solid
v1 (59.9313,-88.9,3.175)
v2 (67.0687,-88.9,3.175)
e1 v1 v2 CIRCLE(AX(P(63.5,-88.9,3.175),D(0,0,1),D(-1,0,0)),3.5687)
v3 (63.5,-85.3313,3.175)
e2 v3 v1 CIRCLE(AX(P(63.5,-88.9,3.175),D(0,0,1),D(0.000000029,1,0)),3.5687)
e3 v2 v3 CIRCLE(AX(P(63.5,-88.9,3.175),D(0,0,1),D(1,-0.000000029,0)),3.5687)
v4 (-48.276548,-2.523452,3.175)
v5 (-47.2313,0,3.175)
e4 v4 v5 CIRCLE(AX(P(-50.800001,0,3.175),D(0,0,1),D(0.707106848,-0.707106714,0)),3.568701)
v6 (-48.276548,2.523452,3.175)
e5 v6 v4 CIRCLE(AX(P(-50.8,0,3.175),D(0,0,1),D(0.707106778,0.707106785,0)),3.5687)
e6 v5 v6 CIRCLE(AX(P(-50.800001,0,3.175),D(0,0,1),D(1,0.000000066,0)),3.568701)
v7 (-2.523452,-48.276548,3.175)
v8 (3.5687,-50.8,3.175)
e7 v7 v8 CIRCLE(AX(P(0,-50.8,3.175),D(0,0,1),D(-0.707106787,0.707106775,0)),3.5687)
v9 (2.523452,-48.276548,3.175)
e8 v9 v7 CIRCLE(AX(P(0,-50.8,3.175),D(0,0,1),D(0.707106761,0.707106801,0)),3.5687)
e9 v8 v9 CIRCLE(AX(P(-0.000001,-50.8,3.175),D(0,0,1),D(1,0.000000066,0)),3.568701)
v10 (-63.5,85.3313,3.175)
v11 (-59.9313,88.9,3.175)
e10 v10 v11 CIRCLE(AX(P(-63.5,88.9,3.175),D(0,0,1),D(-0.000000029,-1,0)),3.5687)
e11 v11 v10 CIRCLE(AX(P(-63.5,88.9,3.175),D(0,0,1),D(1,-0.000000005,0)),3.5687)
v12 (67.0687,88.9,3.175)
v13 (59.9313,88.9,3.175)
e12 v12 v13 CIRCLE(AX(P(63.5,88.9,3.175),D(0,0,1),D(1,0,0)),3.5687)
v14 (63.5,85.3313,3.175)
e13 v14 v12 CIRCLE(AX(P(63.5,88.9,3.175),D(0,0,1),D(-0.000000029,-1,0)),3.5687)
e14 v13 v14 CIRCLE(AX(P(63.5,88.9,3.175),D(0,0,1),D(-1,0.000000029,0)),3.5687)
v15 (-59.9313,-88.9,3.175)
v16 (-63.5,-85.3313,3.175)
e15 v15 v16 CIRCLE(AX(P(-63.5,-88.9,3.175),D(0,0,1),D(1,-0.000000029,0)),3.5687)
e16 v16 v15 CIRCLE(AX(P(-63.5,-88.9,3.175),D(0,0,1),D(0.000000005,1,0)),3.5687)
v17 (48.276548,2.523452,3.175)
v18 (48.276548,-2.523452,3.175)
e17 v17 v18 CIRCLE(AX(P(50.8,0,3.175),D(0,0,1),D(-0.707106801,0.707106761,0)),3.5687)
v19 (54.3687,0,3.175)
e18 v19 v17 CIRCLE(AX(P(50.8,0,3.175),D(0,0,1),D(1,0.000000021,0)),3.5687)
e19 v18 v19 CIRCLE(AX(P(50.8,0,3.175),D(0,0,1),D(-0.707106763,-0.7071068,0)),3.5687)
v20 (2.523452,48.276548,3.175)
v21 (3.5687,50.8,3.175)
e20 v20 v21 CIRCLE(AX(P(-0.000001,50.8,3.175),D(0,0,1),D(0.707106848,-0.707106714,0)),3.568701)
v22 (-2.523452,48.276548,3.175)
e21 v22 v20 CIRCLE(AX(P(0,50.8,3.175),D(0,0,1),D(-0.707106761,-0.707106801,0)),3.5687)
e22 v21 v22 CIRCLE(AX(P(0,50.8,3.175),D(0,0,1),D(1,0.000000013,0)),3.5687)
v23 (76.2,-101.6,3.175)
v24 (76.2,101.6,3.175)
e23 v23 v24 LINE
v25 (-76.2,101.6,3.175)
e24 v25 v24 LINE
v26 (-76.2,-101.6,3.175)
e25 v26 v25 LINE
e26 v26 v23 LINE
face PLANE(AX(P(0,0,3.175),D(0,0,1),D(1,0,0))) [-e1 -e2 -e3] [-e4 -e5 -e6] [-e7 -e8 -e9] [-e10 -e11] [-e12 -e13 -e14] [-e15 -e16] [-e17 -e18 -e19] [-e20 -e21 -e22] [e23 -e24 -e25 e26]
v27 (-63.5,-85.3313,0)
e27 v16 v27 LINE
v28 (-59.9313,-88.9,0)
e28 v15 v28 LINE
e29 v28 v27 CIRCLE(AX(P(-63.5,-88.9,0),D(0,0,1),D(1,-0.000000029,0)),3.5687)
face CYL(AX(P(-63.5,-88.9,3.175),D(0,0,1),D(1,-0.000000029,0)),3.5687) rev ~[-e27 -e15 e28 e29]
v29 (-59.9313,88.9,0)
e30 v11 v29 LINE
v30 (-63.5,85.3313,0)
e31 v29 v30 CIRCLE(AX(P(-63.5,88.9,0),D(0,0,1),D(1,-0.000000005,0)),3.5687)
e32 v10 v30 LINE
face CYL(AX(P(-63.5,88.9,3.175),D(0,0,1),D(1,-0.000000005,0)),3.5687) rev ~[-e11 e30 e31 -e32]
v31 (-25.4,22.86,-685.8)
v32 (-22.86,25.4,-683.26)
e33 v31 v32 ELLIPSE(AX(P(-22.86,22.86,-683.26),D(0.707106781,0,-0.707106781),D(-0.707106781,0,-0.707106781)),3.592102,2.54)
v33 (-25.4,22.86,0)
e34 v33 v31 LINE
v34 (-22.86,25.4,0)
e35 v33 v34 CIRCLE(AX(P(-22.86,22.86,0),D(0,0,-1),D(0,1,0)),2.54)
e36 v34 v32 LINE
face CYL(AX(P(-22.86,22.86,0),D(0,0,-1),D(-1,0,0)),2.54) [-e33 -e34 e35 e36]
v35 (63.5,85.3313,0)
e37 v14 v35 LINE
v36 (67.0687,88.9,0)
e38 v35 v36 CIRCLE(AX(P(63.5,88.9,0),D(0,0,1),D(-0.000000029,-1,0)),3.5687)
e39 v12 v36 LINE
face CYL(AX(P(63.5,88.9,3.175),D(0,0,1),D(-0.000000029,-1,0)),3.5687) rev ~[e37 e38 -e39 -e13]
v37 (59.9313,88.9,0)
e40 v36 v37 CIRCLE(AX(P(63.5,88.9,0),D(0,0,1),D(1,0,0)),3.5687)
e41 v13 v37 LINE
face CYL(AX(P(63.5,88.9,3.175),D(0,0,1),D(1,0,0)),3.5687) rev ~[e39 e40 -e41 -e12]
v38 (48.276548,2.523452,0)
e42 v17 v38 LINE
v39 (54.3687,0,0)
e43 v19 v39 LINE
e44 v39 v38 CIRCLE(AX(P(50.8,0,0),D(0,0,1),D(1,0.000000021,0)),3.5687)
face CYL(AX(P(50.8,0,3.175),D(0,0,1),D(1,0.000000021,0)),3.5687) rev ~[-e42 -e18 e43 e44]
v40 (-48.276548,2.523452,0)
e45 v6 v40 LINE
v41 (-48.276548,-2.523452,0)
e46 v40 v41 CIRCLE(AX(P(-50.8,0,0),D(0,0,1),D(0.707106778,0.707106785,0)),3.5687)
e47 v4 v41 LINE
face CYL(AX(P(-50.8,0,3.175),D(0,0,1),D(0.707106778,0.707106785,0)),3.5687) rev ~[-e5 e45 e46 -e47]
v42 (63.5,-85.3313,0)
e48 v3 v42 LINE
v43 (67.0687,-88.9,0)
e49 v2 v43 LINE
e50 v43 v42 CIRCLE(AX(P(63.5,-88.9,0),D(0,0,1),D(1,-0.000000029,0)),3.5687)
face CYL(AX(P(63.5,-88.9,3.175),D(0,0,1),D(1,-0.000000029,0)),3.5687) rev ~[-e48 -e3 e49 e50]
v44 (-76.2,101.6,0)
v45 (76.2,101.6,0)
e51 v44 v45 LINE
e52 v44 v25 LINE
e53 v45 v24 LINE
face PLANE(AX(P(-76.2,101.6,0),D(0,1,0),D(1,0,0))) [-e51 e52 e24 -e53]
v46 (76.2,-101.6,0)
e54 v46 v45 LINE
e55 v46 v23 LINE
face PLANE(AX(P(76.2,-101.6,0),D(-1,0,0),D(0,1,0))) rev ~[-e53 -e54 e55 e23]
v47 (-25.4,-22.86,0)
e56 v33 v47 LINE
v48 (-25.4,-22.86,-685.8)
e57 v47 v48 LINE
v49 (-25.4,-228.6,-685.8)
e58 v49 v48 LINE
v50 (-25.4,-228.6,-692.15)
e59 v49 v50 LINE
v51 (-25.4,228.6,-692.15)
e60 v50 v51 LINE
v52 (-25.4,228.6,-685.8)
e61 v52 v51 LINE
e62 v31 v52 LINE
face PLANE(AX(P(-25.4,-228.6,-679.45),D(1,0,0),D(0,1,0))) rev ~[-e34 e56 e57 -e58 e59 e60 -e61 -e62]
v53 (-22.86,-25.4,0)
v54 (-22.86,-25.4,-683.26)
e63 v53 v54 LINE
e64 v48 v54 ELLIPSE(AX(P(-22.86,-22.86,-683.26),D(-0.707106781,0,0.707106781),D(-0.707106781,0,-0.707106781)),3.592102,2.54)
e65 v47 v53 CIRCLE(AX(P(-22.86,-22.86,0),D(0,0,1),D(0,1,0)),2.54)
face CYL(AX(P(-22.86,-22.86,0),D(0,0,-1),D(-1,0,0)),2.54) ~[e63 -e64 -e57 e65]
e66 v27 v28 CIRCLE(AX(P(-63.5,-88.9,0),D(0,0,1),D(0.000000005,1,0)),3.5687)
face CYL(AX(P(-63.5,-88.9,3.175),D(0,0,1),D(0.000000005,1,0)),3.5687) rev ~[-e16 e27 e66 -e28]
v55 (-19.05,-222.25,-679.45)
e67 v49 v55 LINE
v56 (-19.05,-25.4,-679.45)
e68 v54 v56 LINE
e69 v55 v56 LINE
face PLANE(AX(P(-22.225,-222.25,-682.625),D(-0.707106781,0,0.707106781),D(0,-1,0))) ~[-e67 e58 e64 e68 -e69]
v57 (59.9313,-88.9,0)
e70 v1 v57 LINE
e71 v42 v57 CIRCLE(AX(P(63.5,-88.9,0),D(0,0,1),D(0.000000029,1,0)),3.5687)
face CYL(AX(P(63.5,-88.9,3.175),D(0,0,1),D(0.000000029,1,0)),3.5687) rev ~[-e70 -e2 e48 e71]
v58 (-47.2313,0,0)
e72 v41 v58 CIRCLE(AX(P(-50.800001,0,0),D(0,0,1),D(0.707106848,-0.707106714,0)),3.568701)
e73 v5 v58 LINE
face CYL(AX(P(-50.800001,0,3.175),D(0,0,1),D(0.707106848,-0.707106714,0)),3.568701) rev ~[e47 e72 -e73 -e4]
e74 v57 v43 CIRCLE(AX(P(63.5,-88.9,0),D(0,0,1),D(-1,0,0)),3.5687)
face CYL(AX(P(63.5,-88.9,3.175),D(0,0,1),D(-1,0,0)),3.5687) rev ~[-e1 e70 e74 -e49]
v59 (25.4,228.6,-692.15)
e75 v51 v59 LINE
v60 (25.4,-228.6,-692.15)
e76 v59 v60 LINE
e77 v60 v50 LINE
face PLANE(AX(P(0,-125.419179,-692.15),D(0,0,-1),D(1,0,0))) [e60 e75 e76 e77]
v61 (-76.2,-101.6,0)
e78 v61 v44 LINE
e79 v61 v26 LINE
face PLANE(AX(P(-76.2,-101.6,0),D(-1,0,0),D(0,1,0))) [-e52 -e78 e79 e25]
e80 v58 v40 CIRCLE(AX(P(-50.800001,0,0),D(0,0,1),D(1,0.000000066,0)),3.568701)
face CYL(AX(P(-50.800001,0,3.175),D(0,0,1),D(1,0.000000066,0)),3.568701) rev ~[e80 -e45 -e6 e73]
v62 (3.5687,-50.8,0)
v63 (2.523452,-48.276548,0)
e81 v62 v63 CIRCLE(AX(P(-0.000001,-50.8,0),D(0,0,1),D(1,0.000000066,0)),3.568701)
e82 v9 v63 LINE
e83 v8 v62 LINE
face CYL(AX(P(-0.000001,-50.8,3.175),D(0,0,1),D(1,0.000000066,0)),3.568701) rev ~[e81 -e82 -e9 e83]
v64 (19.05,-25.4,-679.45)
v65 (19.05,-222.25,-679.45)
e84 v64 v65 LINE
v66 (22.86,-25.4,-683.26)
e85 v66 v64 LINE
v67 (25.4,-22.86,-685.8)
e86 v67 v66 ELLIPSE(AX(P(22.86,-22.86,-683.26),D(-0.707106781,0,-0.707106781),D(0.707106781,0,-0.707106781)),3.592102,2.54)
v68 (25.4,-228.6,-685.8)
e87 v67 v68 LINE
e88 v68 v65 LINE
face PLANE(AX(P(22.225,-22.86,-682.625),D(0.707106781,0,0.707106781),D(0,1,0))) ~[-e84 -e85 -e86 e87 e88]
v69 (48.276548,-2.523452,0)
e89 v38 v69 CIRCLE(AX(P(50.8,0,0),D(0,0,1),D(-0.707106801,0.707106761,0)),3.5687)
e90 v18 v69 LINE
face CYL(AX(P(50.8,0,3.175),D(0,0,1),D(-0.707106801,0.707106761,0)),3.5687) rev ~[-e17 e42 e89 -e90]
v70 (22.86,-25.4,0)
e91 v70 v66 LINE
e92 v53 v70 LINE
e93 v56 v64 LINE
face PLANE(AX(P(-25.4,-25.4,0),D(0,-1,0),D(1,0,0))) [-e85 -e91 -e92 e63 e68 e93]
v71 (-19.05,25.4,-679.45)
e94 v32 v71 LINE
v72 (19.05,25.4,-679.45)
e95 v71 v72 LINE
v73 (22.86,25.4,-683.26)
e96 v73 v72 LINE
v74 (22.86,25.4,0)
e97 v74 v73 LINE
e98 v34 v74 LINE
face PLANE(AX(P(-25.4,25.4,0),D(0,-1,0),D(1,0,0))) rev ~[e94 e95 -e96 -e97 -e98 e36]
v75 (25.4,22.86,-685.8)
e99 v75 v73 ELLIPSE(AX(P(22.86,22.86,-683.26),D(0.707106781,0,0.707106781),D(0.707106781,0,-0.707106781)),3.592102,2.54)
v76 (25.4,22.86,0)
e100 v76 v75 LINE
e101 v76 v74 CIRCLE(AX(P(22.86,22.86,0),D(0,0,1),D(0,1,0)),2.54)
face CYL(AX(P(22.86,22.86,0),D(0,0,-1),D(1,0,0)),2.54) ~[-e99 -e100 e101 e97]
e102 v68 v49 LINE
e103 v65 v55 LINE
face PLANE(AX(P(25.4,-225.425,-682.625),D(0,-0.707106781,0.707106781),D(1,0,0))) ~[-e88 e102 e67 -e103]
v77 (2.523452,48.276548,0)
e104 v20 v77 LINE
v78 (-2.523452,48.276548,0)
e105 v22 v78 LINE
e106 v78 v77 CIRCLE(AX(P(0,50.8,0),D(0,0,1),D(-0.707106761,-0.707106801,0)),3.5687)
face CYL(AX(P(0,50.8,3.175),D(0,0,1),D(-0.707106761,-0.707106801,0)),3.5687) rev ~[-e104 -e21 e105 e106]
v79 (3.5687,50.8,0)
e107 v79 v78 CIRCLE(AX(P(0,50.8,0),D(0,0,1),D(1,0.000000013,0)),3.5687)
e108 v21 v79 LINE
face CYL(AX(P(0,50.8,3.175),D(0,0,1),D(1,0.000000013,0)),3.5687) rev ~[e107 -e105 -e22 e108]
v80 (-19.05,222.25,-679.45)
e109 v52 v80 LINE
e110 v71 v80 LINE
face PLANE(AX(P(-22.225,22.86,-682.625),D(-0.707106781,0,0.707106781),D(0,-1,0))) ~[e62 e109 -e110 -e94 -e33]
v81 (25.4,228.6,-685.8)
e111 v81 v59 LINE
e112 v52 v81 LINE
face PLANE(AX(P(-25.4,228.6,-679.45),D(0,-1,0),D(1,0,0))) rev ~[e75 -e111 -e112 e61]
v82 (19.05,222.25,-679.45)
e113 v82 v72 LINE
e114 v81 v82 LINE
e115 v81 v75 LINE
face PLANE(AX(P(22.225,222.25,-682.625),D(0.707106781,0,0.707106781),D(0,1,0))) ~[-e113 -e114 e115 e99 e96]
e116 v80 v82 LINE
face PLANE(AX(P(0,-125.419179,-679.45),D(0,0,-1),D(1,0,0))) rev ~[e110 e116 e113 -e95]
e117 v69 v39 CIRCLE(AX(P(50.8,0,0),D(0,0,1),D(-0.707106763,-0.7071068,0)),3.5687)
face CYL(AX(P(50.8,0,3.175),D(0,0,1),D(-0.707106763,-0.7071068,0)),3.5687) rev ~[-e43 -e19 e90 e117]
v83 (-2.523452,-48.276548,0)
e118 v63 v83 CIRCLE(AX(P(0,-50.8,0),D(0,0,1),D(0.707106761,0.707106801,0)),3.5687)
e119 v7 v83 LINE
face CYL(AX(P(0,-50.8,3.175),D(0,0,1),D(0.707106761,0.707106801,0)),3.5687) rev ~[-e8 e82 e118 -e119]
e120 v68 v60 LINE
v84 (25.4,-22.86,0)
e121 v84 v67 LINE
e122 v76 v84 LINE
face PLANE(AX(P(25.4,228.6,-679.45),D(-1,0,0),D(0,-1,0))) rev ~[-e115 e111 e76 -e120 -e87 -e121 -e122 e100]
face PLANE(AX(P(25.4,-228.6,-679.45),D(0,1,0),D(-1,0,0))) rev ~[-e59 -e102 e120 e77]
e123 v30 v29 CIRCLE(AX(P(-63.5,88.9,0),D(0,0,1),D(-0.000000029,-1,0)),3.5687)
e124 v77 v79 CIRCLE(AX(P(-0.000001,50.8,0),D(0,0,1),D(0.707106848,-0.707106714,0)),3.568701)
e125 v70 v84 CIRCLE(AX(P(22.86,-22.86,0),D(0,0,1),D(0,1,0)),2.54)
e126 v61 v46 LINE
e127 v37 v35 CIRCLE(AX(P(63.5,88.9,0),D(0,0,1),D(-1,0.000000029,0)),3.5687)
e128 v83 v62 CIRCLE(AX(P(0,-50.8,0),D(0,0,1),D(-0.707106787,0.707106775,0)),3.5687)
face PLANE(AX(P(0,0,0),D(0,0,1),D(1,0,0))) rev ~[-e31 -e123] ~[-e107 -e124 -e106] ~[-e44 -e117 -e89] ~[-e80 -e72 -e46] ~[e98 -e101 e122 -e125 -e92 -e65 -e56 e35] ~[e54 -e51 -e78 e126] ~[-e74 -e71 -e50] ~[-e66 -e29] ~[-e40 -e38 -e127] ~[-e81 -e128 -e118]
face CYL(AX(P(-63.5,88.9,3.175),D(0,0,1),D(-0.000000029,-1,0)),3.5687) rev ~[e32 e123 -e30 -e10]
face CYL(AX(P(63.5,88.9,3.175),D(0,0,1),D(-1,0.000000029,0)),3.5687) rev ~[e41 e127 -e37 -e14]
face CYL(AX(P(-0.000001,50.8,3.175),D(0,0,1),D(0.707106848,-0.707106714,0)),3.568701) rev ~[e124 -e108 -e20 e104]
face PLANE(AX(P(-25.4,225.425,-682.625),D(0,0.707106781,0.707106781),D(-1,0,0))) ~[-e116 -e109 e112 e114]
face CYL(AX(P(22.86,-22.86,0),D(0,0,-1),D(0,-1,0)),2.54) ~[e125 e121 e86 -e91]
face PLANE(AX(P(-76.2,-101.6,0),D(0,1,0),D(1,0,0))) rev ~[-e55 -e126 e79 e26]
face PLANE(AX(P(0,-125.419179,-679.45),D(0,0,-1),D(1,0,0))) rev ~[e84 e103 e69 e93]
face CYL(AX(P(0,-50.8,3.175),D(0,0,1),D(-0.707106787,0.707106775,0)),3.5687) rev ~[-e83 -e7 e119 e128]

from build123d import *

# Parameters (mm, degrees)
F0_W     = 152.4
F0_H     = 203.2
F1_DEPTH = 3.175
F3_DEPTH = 25.4
F4_W     = 50.8
F4_H     = 50.8
F5_DEPTH = 679.45
F6_R     = 2.54
F8_DEPTH = 12.7
F9_SIZE2 = 6.35
F9_SIZE  = 6.35
F10_SIZE = 6.35


with BuildPart() as f1:
    # F0 (on Top) → F1 (new body)
    with BuildSketch(Plane.XY):
        Rectangle(F0_W, F0_H)
    extrude(amount=F1_DEPTH)

    # F2 (on face) → F3 (cut)
    with BuildSketch(Plane.XY.offset(3.175)):
        with BuildLine():
            Line((-2.523452, 48.276548), (0, 50.8))
            Line((0, 50.8), (2.523452, 48.276548))
            ThreePointArc((2.523452, 48.276548), (3.297049, 49.434318), (3.5687, 50.8))
            ThreePointArc((3.5687, 50.8), (-1.365682, 54.097049), (-2.523452, 48.276548))
        make_face()
        with BuildLine():
            Line((2.523452, 48.276548), (0, 50.8))
            Line((0, 50.8), (-2.523452, 48.276548))
            ThreePointArc((-2.523452, 48.276548), (0, 47.2313), (2.523452, 48.276548))
        make_face()
        with BuildLine():
            Line((-50.8, 0), (-48.276548, 2.523452))
            ThreePointArc((-48.276548, 2.523452), (-54.3687, 0), (-48.276548, -2.523452))
            Line((-48.276548, -2.523452), (-50.8, 0))
        make_face()
        with BuildLine():
            ThreePointArc((-47.2313, 0), (-47.502951, 1.365682), (-48.276548, 2.523452))
            Line((-48.276548, 2.523452), (-50.8, 0))
            Line((-50.8, 0), (-48.276548, -2.523452))
            ThreePointArc((-48.276548, -2.523452), (-47.502951, -1.365682), (-47.2313, 0))
        make_face()
        with BuildLine():
            Line((50.8, 0), (48.276548, 2.523452))
            ThreePointArc((48.276548, 2.523452), (47.2313, 0), (48.276548, -2.523452))
            Line((48.276548, -2.523452), (50.8, 0))
        make_face()
        with BuildLine():
            ThreePointArc((54.3687, 0), (52.165682, 3.297049), (48.276548, 2.523452))
            Line((48.276548, 2.523452), (50.8, 0))
            Line((50.8, 0), (48.276548, -2.523452))
            ThreePointArc((48.276548, -2.523452), (52.165682, -3.297049), (54.3687, 0))
        make_face()
        with BuildLine():
            Line((0, -50.8), (2.523452, -48.276548))
            ThreePointArc((2.523452, -48.276548), (0, -47.2313), (-2.523452, -48.276548))
            Line((-2.523452, -48.276548), (0, -50.8))
        make_face()
        with BuildLine():
            ThreePointArc((3.5687, -50.8), (3.297049, -49.434318), (2.523452, -48.276548))
            Line((2.523452, -48.276548), (0, -50.8))
            Line((0, -50.8), (-2.523452, -48.276548))
            ThreePointArc((-2.523452, -48.276548), (-1.365682, -54.097049), (3.5687, -50.8))
        make_face()
        with BuildLine():
            ThreePointArc((-59.9313, -88.9), (-60.976548, -86.376548), (-63.5, -85.3313))
            Line((-63.5, -85.3313), (-63.5, -88.9))
            Line((-63.5, -88.9), (-59.9313, -88.9))
        make_face()
        with BuildLine():
            Line((-63.5, -88.9), (-63.5, -85.3313))
            ThreePointArc((-63.5, -85.3313), (-66.023452, -91.423452), (-59.9313, -88.9))
            Line((-59.9313, -88.9), (-63.5, -88.9))
        make_face()
        with BuildLine():
            Line((63.5, -88.9), (63.5, -85.3313))
            ThreePointArc((63.5, -85.3313), (60.976548, -86.376548), (59.9313, -88.9))
            Line((59.9313, -88.9), (63.5, -88.9))
        make_face()
        with BuildLine():
            ThreePointArc((67.0687, -88.9), (66.023452, -86.376548), (63.5, -85.3313))
            Line((63.5, -85.3313), (63.5, -88.9))
            Line((63.5, -88.9), (59.9313, -88.9))
            ThreePointArc((59.9313, -88.9), (63.5, -92.4687), (67.0687, -88.9))
        make_face()
        with BuildLine():
            ThreePointArc((67.0687, 88.9), (63.5, 92.4687), (59.9313, 88.9))
            Line((59.9313, 88.9), (63.5, 88.9))
            Line((63.5, 88.9), (63.5, 85.3313))
            ThreePointArc((63.5, 85.3313), (66.023452, 86.376548), (67.0687, 88.9))
        make_face()
        with BuildLine():
            Line((63.5, 88.9), (59.9313, 88.9))
            ThreePointArc((59.9313, 88.9), (60.976548, 86.376548), (63.5, 85.3313))
            Line((63.5, 85.3313), (63.5, 88.9))
        make_face()
        with BuildLine():
            Line((-63.5, 88.9), (-59.9313, 88.9))
            ThreePointArc((-59.9313, 88.9), (-66.023452, 91.423452), (-63.5, 85.3313))
            Line((-63.5, 85.3313), (-63.5, 88.9))
        make_face()
        with BuildLine():
            ThreePointArc((-63.5, 85.3313), (-60.976548, 86.376548), (-59.9313, 88.9))
            Line((-59.9313, 88.9), (-63.5, 88.9))
            Line((-63.5, 88.9), (-63.5, 85.3313))
        make_face()
    extrude(amount=-F3_DEPTH, mode=Mode.SUBTRACT)

    # F4 (on face) → F5 (join)
    with BuildSketch(Plane(origin=(0, 0, 0), x_dir=(1, 0, 0), z_dir=(0, 0, -1))):
        Rectangle(F4_W, F4_H)
    extrude(amount=F5_DEPTH)

    # F6
    f6_edges = [f1.edges().sort_by_distance(p)[0] for p in [
        (-25.4, -25.4, -339.725),
        (25.4, -25.4, -339.725),
        (25.4, 25.4, -339.725),
        (-25.4, 25.4, -339.725),
    ]]
    fillet(f6_edges, radius=F6_R)

    # F7 (on face) → F8 (join)
    with BuildSketch(Plane(origin=(0, 0, -679.45), x_dir=(1, 0, 0), z_dir=(0, 0, -1))):
        with BuildLine():
            Line((25.4, 22.86), (25.4, 228.6))
            Line((25.4, 228.6), (-25.4, 228.6))
            Line((-25.4, 228.6), (-25.4, 22.86))
            ThreePointArc((-25.4, 22.86), (-24.656051, 24.656051), (-22.86, 25.4))
            Line((-22.86, 25.4), (22.86, 25.4))
            ThreePointArc((22.86, 25.4), (24.656051, 24.656051), (25.4, 22.86))
        make_face()
        with BuildLine():
            Line((25.4, -228.6), (25.4, -22.86))
            ThreePointArc((25.4, -22.86), (24.656051, -24.656051), (22.86, -25.4))
            Line((22.86, -25.4), (-22.86, -25.4))
            ThreePointArc((-22.86, -25.4), (-24.656051, -24.656051), (-25.4, -22.86))
            Line((-25.4, -22.86), (-25.4, -228.6))
            Line((-25.4, -228.6), (25.4, -228.6))
        make_face()
        with BuildLine():
            Line((25.4, -22.86), (25.4, 22.86))
            ThreePointArc((25.4, 22.86), (24.656051, 24.656051), (22.86, 25.4))
            Line((22.86, 25.4), (-22.86, 25.4))
            ThreePointArc((-22.86, 25.4), (-24.656051, 24.656051), (-25.4, 22.86))
            Line((-25.4, 22.86), (-25.4, -22.86))
            ThreePointArc((-25.4, -22.86), (-24.656051, -24.656051), (-22.86, -25.4))
            Line((-22.86, -25.4), (22.86, -25.4))
            ThreePointArc((22.86, -25.4), (24.656051, -24.656051), (25.4, -22.86))
        make_face()
    extrude(amount=F8_DEPTH)

    # F9
    f9_edges = [f1.edges().sort_by_distance(p)[0] for p in [
        (0, -228.6, -679.45),
        (0, 228.6, -679.45),
    ]]
    chamfer(f9_edges, length=F9_SIZE, length2=F9_SIZE2)

    # F10
    f10_edges = [f1.edges().sort_by_distance(p)[0] for p in [
        (25.4, -122.555, -679.45),
        (25.4, 122.555, -679.45),
        (-25.4, -122.555, -679.45),
        (-25.4, 122.555, -679.45),
    ]]
    chamfer(f10_edges, length=F10_SIZE)


solid = f1.part
